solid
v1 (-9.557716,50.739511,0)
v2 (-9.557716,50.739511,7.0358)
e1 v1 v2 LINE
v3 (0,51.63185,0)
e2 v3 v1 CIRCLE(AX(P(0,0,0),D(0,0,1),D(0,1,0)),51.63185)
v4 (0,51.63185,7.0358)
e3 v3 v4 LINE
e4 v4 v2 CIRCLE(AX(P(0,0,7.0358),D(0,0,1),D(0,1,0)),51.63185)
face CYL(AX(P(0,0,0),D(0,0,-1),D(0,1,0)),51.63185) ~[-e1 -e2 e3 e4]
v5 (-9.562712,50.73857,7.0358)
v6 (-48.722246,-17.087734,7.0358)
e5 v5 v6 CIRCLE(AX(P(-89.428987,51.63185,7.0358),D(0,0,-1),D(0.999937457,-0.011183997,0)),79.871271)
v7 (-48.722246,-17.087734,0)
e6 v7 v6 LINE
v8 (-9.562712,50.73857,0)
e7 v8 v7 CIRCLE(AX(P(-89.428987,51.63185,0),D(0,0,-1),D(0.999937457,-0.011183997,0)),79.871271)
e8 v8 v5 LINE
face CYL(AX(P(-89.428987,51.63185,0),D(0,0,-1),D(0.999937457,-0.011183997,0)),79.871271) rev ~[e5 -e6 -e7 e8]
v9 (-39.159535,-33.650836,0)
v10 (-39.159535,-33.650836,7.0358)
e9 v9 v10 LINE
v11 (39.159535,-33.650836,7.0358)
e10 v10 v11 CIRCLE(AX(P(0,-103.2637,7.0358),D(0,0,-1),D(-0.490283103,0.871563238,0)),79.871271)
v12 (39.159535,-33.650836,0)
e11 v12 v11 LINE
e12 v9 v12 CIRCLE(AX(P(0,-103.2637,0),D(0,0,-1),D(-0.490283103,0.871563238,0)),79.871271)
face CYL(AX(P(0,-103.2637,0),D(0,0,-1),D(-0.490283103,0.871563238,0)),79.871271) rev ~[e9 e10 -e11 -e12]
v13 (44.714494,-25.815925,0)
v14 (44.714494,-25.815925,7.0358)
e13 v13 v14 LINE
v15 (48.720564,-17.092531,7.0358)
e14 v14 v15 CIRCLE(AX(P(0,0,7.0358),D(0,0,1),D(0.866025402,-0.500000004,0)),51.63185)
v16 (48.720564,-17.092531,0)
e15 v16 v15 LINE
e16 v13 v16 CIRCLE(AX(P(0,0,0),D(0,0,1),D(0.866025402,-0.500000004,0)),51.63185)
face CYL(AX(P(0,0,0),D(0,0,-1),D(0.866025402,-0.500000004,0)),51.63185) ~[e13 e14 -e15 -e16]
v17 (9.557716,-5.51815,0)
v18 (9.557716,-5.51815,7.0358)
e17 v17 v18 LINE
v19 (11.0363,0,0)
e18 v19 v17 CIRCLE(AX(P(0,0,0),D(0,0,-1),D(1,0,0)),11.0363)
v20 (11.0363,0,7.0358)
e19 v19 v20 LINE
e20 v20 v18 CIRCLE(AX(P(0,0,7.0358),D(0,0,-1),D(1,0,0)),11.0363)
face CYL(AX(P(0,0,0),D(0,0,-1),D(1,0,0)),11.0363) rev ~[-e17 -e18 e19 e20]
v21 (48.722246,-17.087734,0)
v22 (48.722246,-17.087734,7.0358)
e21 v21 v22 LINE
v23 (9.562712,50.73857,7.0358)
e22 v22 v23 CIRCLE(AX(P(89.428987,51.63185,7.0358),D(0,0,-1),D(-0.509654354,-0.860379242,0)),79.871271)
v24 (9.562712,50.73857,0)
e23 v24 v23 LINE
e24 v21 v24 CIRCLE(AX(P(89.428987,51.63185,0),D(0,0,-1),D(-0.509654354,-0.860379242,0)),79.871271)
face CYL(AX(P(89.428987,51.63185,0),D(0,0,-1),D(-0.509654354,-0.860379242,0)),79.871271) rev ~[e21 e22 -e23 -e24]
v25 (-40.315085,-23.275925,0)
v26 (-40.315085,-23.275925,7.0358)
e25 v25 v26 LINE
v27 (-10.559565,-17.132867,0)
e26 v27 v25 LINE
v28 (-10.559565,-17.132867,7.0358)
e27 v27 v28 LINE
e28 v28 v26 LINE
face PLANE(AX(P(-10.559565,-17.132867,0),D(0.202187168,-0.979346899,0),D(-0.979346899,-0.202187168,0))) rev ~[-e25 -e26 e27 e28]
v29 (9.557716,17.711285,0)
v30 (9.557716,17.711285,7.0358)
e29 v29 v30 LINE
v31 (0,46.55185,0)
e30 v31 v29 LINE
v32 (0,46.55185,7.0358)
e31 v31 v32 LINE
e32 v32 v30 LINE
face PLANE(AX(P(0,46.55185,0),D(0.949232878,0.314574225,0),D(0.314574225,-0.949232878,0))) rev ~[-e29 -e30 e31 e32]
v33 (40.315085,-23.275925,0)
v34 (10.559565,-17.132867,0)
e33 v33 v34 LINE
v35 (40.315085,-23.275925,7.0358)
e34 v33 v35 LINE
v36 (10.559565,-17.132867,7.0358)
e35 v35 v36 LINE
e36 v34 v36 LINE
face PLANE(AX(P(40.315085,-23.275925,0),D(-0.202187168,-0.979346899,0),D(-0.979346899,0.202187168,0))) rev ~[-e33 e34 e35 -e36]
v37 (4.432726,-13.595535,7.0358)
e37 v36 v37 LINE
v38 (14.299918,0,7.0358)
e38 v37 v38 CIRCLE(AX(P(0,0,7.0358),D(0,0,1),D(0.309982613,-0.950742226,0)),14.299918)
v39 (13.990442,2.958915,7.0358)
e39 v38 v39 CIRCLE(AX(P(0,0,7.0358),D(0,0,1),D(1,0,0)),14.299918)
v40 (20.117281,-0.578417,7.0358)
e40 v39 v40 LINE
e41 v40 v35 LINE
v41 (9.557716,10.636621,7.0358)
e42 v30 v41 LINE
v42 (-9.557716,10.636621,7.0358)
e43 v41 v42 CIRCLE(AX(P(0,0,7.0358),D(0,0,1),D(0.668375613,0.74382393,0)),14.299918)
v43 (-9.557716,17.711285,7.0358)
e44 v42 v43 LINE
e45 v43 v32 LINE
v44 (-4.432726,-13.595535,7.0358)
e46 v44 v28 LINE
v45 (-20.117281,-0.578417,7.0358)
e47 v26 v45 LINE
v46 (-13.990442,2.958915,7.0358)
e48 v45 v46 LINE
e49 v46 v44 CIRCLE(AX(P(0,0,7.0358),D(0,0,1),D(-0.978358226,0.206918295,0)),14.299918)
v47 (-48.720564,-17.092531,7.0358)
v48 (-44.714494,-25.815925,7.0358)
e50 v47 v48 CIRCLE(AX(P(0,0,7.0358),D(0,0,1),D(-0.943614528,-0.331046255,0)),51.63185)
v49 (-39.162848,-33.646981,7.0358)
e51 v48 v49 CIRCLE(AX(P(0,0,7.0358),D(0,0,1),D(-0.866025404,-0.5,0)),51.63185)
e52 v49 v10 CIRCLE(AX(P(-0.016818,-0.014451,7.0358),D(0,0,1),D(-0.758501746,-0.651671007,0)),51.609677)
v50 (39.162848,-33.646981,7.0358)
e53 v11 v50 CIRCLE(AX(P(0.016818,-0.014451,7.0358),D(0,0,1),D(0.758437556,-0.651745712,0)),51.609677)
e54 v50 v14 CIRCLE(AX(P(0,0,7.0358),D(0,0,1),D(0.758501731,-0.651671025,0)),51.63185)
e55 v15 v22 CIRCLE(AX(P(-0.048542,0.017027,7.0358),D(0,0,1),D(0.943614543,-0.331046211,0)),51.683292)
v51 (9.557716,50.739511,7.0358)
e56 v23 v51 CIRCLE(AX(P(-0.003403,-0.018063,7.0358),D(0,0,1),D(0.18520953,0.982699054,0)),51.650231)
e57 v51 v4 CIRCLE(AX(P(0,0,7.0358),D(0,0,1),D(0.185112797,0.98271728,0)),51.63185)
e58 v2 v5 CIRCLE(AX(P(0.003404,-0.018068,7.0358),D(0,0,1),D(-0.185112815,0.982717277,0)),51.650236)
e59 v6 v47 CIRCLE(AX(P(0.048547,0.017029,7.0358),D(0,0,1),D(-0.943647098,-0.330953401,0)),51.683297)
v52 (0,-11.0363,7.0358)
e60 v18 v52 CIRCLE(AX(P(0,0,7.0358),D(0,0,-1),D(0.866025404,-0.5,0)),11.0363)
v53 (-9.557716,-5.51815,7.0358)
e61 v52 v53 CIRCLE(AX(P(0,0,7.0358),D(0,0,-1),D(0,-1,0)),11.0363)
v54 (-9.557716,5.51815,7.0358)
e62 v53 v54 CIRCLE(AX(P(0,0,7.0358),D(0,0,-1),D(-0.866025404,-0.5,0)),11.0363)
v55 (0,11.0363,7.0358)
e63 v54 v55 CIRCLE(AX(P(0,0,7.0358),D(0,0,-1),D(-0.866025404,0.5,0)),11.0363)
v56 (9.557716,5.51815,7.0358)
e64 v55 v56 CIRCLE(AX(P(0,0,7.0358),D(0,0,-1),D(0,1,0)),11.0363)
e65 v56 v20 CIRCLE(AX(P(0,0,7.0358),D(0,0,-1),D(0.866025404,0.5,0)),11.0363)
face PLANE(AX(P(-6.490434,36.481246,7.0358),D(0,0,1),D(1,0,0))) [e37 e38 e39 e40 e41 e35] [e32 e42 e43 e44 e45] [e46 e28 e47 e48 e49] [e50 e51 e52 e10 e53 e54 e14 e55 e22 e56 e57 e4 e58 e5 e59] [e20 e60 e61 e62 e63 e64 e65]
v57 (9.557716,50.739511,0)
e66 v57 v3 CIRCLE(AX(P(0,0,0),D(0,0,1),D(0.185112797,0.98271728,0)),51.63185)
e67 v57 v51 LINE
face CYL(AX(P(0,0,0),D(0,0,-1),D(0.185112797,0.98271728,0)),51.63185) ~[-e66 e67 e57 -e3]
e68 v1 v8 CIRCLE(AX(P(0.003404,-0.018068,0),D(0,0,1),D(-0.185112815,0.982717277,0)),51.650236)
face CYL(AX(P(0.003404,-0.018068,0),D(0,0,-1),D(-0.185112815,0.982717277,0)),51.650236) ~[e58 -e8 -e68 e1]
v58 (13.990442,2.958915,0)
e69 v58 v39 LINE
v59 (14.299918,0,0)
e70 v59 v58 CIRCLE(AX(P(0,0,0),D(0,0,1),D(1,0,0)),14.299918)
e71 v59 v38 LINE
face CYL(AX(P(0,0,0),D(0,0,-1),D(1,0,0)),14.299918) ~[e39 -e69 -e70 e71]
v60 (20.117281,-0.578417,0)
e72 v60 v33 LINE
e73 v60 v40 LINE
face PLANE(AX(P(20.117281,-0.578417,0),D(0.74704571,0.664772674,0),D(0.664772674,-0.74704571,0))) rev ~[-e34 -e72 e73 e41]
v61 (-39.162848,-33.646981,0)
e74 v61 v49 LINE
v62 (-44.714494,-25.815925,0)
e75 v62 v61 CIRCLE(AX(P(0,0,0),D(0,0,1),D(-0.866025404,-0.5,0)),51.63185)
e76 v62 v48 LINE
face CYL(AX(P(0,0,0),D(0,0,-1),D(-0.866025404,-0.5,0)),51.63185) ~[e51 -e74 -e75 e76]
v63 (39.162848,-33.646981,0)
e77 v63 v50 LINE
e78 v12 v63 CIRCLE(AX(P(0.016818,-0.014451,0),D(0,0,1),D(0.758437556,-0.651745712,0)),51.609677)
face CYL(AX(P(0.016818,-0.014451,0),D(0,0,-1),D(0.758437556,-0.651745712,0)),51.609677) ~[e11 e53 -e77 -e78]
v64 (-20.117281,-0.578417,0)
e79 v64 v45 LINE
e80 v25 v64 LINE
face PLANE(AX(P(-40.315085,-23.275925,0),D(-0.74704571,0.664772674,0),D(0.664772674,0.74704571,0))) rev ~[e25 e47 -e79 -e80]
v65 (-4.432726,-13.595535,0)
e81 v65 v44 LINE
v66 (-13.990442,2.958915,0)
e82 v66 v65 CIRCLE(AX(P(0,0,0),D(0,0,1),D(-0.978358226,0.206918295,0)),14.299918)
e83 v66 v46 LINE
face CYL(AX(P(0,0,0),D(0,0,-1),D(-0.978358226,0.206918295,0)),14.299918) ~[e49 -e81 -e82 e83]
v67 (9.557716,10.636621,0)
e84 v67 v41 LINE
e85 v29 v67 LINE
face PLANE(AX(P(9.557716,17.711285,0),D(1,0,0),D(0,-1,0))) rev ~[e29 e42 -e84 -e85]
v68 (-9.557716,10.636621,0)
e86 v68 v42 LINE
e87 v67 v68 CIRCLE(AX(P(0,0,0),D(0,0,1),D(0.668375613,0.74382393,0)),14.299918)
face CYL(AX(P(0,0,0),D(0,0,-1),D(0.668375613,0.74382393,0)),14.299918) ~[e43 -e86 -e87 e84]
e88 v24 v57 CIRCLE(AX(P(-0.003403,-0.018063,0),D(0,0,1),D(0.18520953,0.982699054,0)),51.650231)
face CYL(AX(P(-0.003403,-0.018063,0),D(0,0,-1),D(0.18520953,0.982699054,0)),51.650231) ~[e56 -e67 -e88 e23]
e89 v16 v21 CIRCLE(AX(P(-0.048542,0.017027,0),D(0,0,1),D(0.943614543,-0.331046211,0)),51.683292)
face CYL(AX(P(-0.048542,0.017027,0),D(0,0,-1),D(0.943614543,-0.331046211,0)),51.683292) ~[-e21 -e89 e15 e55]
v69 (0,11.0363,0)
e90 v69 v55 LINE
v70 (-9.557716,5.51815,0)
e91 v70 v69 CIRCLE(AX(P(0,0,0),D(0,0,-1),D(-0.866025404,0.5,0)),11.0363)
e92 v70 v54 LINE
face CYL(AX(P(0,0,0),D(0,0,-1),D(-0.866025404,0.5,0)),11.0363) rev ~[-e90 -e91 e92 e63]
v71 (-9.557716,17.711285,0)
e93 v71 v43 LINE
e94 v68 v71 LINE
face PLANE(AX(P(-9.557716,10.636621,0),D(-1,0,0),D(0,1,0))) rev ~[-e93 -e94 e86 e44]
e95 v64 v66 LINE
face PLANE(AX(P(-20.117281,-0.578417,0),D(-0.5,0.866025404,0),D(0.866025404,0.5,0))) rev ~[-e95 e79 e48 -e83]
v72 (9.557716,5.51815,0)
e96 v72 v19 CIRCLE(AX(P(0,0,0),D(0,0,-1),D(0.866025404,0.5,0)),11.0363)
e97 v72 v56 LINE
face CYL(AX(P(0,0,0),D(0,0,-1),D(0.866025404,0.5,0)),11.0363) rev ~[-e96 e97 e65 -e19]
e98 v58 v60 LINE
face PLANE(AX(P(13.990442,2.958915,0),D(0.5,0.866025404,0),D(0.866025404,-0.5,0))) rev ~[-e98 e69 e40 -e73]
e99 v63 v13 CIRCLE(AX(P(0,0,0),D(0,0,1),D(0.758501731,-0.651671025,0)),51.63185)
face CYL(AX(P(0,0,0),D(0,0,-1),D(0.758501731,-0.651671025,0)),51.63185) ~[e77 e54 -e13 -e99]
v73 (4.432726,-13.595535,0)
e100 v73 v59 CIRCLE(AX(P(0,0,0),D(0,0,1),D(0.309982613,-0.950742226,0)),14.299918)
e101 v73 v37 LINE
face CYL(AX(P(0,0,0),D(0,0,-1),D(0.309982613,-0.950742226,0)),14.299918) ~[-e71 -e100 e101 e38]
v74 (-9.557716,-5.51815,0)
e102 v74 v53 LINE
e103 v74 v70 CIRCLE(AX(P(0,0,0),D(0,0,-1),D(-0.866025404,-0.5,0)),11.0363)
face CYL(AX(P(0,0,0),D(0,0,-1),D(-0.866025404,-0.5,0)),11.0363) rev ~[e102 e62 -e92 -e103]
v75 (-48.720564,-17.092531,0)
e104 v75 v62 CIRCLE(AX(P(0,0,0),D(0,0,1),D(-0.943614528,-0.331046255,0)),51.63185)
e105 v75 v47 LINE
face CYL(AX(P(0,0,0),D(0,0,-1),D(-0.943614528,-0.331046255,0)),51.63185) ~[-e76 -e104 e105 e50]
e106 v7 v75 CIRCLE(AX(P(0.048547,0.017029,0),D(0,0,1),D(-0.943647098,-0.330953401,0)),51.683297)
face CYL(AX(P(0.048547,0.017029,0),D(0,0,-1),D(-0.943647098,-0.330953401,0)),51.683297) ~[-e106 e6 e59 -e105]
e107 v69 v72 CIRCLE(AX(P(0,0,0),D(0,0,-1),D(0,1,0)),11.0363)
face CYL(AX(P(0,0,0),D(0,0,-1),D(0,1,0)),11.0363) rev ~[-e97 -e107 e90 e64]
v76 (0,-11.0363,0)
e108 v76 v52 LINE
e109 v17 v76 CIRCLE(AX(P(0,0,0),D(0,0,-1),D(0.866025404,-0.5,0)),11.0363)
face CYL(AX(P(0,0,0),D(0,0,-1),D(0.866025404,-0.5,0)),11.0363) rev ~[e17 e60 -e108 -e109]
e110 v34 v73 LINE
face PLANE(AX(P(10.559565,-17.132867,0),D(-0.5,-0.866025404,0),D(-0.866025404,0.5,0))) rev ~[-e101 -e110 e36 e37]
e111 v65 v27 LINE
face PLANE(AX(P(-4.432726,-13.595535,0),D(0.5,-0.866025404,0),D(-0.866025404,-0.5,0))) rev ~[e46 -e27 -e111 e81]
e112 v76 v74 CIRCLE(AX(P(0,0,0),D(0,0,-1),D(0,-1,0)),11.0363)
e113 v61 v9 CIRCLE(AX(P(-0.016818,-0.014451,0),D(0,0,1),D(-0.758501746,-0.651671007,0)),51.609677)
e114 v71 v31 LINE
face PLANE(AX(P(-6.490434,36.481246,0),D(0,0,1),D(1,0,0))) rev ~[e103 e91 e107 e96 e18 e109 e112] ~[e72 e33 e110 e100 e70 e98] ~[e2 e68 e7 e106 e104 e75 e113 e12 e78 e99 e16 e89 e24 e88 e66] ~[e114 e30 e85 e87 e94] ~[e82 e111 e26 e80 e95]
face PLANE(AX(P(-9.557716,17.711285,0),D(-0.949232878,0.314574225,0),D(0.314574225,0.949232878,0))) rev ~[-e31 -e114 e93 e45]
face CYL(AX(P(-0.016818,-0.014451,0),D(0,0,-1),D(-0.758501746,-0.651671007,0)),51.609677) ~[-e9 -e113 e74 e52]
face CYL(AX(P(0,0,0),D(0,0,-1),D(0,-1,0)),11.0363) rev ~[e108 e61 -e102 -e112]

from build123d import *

# Parameters (mm, degrees)
F1_DEPTH = 7.0358


with BuildPart() as f1:
    # F0 (on Top) → F1 (new body)
    with BuildSketch(Plane.XY):
        with BuildLine():
            Line((-9.5577161638, 50.7395111935), (-9.5577161638, 17.7112849253))
            Line((-9.5577161638, 17.7112849253), (0, 46.55185))
            Line((0, 46.55185), (0, 51.63185))
            ThreePointArc((0, 51.63185), (-4.799640789, 51.408281266), (-9.5577161638, 50.7395111935))
        make_face()
        with BuildLine():
            Line((0, 46.55185), (9.5577161638, 17.7112849253))
            Line((9.5577161638, 17.7112849253), (9.5577161638, 50.7395111935))
            ThreePointArc((9.5577161638, 50.7395111935), (4.799640789, 51.408281266), (0, 51.63185))
            Line((0, 51.63185), (0, 46.55185))
        make_face()
        with BuildLine():
            Line((9.5577161638, 17.7112849253), (9.5577161638, 10.636620877))
            ThreePointArc((9.5577161638, 10.636620877), (12.3840918707, 7.1499587752), (13.9904419718, 2.9589145615))
            Line((13.9904419718, 2.9589145615), (20.1172807609, -0.5784174627))
            ThreePointArc((20.1172807609, -0.5784174627), (20.1235159205, -0.2892386033), (20.1255944502, 0))
            ThreePointArc((20.1255944502, 0), (17.282856699, 10.3122459385), (9.5577161638, 17.7112849253))
        make_face()
        with BuildLine():
            Line((10.5595645971, -17.1328674627), (4.432725808, -13.5955354385))
            ThreePointArc((4.432725808, -13.5955354385), (0, -14.2999175504), (-4.432725808, -13.5955354385))
            Line((-4.432725808, -13.5955354385), (-10.5595645971, -17.1328674627))
            ThreePointArc((-10.5595645971, -17.1328674627), (0, -20.1255944502), (10.5595645971, -17.1328674627))
        make_face()
        with BuildLine():
            Line((-20.1172807609, -0.5784174627), (-13.9904419718, 2.9589145615))
            ThreePointArc((-13.9904419718, 2.9589145615), (-12.3840918707, 7.1499587752), (-9.5577161638, 10.636620877))
            Line((-9.5577161638, 10.636620877), (-9.5577161638, 17.7112849253))
            ThreePointArc((-9.5577161638, 17.7112849253), (-17.4292760601, 10.0627972251), (-20.1172807609, -0.5784174627))
        make_face()
        with BuildLine():
            Line((-48.7205637511, -17.0925305967), (-20.1172807609, -0.5784174627))
            ThreePointArc((-20.1172807609, -0.5784174627), (-17.4292760601, 10.0627972251), (-9.5577161638, 17.7112849253))
            Line((-9.5577161638, 17.7112849253), (-9.5577161638, 50.7395111935))
            ThreePointArc((-9.5577161638, 50.7395111935), (-9.5602138637, 50.7390406423), (-9.5627115404, 50.7385699682))
            ThreePointArc((-9.5627115404, 50.7385699682), (-20.2584374888, 11.6962143375), (-48.7222463144, -17.087733861))
            ThreePointArc((-48.7222463144, -17.087733861), (-48.7214050917, -17.0901322496), (-48.7205637511, -17.0925305967))
        make_face()
        with BuildLine():
            Line((9.5577161638, 50.7395111935), (9.5577161638, 17.7112849253))
            ThreePointArc((9.5577161638, 17.7112849253), (17.282856699, 10.3122459385), (20.1255944502, 0))
            ThreePointArc((20.1255944502, 0), (20.1235159205, -0.2892386033), (20.1172807609, -0.5784174627))
            Line((20.1172807609, -0.5784174627), (45.0939427751, -14.9987))
            Line((45.0939427751, -14.9987), (48.7205637511, -17.0925305967))
            ThreePointArc((48.7205637511, -17.0925305967), (48.7214050917, -17.0901322496), (48.7222463144, -17.087733861))
            ThreePointArc((48.7222463144, -17.087733861), (20.2584374888, 11.6962143375), (9.5627115404, 50.7385699682))
            ThreePointArc((9.5627115404, 50.7385699682), (9.5602138637, 50.7390406423), (9.5577161638, 50.7395111935))
        make_face()
        with BuildLine():
            Line((35.5362266113, -31.55315), (10.5595645971, -17.1328674627))
            ThreePointArc((10.5595645971, -17.1328674627), (0, -20.1255944502), (-10.5595645971, -17.1328674627))
            Line((-10.5595645971, -17.1328674627), (-39.1628475873, -33.6469805967))
            ThreePointArc((-39.1628475873, -33.6469805967), (-39.1611912281, -33.6489083927), (-39.1595347739, -33.6508361072))
            ThreePointArc((-39.1595347739, -33.6508361072), (0, -23.392428675), (39.1595347739, -33.6508361072))
            ThreePointArc((39.1595347739, -33.6508361072), (39.1611912281, -33.6489083927), (39.1628475873, -33.6469805967))
            Line((39.1628475873, -33.6469805967), (35.5362266113, -31.55315))
        make_face()
        with BuildLine():
            Line((-39.1628475873, -33.6469805967), (-10.5595645971, -17.1328674627))
            Line((-10.5595645971, -17.1328674627), (-40.3150846932, -23.275925))
            Line((-40.3150846932, -23.275925), (-44.7144937444, -25.815925))
            ThreePointArc((-44.7144937444, -25.815925), (-42.1210571467, -29.8607514853), (-39.1628475873, -33.6469805967))
        make_face()
        with BuildLine():
            Line((-40.3150846932, -23.275925), (-20.1172807609, -0.5784174627))
            Line((-20.1172807609, -0.5784174627), (-48.7205637511, -17.0925305967))
            ThreePointArc((-48.7205637511, -17.0925305967), (-46.9206979357, -21.5475297807), (-44.7144937444, -25.815925))
            Line((-44.7144937444, -25.815925), (-40.3150846932, -23.275925))
        make_face()
        Polygon((40.3150846932, -23.275925), (10.5595645971, -17.1328674627), (35.5362266113, -31.55315), (37.7359311369, -27.74315), align=None)
        Polygon((45.0939427751, -14.9987), (20.1172807609, -0.5784174627), (40.3150846932, -23.275925), (42.5539427751, -19.3981090512), align=None)
        with BuildLine():
            Line((-4.432725808, -13.5955354385), (0, -11.0363))
            ThreePointArc((0, -11.0363), (-5.51815, -9.5577161638), (-9.5577161638, -5.51815))
            ThreePointArc((-9.5577161638, -5.51815), (-11.0363, 0), (-9.5577161638, 5.51815))
            Line((-9.5577161638, 5.51815), (-13.9904419718, 2.9589145615))
            ThreePointArc((-13.9904419718, 2.9589145615), (-12.3840918707, -7.1499587752), (-4.432725808, -13.5955354385))
        make_face()
        with BuildLine():
            Line((-13.9904419718, 2.9589145615), (-9.5577161638, 5.51815))
            Line((-9.5577161638, 5.51815), (-9.5577161638, 10.636620877))
            ThreePointArc((-9.5577161638, 10.636620877), (-12.3840918707, 7.1499587752), (-13.9904419718, 2.9589145615))
        make_face()
        with BuildLine():
            ThreePointArc((0, 11.0363), (5.51815, 9.5577161638), (9.5577161638, 5.51815))
            Line((9.5577161638, 5.51815), (9.5577161638, 10.636620877))
            ThreePointArc((9.5577161638, 10.636620877), (0, 14.2999175504), (-9.5577161638, 10.636620877))
            Line((-9.5577161638, 10.636620877), (-9.5577161638, 5.51815))
            ThreePointArc((-9.5577161638, 5.51815), (-5.51815, 9.5577161638), (0, 11.0363))
        make_face()
        with BuildLine():
            Line((9.5577161638, 10.636620877), (9.5577161638, 5.51815))
            Line((9.5577161638, 5.51815), (13.9904419718, 2.9589145615))
            ThreePointArc((13.9904419718, 2.9589145615), (12.3840918707, 7.1499587752), (9.5577161638, 10.636620877))
        make_face()
        with BuildLine():
            ThreePointArc((11.0363, 0), (10.6602471967, -2.8564046275), (9.5577161638, -5.51815))
            ThreePointArc((9.5577161638, -5.51815), (5.51815, -9.5577161638), (0, -11.0363))
            Line((0, -11.0363), (4.432725808, -13.5955354385))
            ThreePointArc((4.432725808, -13.5955354385), (11.5731425189, -8.3994055852), (14.2999175504, 0))
            ThreePointArc((14.2999175504, 0), (14.2223382156, 1.487527354), (13.9904419718, 2.9589145615))
            Line((13.9904419718, 2.9589145615), (9.5577161638, 5.51815))
            ThreePointArc((9.5577161638, 5.51815), (10.6602471967, 2.8564046275), (11.0363, 0))
        make_face()
        with BuildLine():
            Line((4.432725808, -13.5955354385), (0, -11.0363))
            Line((0, -11.0363), (-4.432725808, -13.5955354385))
            ThreePointArc((-4.432725808, -13.5955354385), (0, -14.2999175504), (4.432725808, -13.5955354385))
        make_face()
        with BuildLine():
            Line((37.7359311369, -27.74315), (35.5362266113, -31.55315))
            Line((35.5362266113, -31.55315), (39.1628475873, -33.6469805967))
            ThreePointArc((39.1628475873, -33.6469805967), (42.1210570839, -29.8607515739), (44.7144936357, -25.8159251882))
            ThreePointArc((44.7144936357, -25.8159251882), (46.9206978904, -21.5475298794), (48.7205637511, -17.0925305967))
            Line((48.7205637511, -17.0925305967), (45.0939427751, -14.9987))
            Line((45.0939427751, -14.9987), (42.5539427751, -19.3981090512))
            Line((42.5539427751, -19.3981090512), (40.3150846932, -23.275925))
            Line((40.3150846932, -23.275925), (37.7359311369, -27.74315))
        make_face()
    extrude(amount=F1_DEPTH)


solid = f1.part
